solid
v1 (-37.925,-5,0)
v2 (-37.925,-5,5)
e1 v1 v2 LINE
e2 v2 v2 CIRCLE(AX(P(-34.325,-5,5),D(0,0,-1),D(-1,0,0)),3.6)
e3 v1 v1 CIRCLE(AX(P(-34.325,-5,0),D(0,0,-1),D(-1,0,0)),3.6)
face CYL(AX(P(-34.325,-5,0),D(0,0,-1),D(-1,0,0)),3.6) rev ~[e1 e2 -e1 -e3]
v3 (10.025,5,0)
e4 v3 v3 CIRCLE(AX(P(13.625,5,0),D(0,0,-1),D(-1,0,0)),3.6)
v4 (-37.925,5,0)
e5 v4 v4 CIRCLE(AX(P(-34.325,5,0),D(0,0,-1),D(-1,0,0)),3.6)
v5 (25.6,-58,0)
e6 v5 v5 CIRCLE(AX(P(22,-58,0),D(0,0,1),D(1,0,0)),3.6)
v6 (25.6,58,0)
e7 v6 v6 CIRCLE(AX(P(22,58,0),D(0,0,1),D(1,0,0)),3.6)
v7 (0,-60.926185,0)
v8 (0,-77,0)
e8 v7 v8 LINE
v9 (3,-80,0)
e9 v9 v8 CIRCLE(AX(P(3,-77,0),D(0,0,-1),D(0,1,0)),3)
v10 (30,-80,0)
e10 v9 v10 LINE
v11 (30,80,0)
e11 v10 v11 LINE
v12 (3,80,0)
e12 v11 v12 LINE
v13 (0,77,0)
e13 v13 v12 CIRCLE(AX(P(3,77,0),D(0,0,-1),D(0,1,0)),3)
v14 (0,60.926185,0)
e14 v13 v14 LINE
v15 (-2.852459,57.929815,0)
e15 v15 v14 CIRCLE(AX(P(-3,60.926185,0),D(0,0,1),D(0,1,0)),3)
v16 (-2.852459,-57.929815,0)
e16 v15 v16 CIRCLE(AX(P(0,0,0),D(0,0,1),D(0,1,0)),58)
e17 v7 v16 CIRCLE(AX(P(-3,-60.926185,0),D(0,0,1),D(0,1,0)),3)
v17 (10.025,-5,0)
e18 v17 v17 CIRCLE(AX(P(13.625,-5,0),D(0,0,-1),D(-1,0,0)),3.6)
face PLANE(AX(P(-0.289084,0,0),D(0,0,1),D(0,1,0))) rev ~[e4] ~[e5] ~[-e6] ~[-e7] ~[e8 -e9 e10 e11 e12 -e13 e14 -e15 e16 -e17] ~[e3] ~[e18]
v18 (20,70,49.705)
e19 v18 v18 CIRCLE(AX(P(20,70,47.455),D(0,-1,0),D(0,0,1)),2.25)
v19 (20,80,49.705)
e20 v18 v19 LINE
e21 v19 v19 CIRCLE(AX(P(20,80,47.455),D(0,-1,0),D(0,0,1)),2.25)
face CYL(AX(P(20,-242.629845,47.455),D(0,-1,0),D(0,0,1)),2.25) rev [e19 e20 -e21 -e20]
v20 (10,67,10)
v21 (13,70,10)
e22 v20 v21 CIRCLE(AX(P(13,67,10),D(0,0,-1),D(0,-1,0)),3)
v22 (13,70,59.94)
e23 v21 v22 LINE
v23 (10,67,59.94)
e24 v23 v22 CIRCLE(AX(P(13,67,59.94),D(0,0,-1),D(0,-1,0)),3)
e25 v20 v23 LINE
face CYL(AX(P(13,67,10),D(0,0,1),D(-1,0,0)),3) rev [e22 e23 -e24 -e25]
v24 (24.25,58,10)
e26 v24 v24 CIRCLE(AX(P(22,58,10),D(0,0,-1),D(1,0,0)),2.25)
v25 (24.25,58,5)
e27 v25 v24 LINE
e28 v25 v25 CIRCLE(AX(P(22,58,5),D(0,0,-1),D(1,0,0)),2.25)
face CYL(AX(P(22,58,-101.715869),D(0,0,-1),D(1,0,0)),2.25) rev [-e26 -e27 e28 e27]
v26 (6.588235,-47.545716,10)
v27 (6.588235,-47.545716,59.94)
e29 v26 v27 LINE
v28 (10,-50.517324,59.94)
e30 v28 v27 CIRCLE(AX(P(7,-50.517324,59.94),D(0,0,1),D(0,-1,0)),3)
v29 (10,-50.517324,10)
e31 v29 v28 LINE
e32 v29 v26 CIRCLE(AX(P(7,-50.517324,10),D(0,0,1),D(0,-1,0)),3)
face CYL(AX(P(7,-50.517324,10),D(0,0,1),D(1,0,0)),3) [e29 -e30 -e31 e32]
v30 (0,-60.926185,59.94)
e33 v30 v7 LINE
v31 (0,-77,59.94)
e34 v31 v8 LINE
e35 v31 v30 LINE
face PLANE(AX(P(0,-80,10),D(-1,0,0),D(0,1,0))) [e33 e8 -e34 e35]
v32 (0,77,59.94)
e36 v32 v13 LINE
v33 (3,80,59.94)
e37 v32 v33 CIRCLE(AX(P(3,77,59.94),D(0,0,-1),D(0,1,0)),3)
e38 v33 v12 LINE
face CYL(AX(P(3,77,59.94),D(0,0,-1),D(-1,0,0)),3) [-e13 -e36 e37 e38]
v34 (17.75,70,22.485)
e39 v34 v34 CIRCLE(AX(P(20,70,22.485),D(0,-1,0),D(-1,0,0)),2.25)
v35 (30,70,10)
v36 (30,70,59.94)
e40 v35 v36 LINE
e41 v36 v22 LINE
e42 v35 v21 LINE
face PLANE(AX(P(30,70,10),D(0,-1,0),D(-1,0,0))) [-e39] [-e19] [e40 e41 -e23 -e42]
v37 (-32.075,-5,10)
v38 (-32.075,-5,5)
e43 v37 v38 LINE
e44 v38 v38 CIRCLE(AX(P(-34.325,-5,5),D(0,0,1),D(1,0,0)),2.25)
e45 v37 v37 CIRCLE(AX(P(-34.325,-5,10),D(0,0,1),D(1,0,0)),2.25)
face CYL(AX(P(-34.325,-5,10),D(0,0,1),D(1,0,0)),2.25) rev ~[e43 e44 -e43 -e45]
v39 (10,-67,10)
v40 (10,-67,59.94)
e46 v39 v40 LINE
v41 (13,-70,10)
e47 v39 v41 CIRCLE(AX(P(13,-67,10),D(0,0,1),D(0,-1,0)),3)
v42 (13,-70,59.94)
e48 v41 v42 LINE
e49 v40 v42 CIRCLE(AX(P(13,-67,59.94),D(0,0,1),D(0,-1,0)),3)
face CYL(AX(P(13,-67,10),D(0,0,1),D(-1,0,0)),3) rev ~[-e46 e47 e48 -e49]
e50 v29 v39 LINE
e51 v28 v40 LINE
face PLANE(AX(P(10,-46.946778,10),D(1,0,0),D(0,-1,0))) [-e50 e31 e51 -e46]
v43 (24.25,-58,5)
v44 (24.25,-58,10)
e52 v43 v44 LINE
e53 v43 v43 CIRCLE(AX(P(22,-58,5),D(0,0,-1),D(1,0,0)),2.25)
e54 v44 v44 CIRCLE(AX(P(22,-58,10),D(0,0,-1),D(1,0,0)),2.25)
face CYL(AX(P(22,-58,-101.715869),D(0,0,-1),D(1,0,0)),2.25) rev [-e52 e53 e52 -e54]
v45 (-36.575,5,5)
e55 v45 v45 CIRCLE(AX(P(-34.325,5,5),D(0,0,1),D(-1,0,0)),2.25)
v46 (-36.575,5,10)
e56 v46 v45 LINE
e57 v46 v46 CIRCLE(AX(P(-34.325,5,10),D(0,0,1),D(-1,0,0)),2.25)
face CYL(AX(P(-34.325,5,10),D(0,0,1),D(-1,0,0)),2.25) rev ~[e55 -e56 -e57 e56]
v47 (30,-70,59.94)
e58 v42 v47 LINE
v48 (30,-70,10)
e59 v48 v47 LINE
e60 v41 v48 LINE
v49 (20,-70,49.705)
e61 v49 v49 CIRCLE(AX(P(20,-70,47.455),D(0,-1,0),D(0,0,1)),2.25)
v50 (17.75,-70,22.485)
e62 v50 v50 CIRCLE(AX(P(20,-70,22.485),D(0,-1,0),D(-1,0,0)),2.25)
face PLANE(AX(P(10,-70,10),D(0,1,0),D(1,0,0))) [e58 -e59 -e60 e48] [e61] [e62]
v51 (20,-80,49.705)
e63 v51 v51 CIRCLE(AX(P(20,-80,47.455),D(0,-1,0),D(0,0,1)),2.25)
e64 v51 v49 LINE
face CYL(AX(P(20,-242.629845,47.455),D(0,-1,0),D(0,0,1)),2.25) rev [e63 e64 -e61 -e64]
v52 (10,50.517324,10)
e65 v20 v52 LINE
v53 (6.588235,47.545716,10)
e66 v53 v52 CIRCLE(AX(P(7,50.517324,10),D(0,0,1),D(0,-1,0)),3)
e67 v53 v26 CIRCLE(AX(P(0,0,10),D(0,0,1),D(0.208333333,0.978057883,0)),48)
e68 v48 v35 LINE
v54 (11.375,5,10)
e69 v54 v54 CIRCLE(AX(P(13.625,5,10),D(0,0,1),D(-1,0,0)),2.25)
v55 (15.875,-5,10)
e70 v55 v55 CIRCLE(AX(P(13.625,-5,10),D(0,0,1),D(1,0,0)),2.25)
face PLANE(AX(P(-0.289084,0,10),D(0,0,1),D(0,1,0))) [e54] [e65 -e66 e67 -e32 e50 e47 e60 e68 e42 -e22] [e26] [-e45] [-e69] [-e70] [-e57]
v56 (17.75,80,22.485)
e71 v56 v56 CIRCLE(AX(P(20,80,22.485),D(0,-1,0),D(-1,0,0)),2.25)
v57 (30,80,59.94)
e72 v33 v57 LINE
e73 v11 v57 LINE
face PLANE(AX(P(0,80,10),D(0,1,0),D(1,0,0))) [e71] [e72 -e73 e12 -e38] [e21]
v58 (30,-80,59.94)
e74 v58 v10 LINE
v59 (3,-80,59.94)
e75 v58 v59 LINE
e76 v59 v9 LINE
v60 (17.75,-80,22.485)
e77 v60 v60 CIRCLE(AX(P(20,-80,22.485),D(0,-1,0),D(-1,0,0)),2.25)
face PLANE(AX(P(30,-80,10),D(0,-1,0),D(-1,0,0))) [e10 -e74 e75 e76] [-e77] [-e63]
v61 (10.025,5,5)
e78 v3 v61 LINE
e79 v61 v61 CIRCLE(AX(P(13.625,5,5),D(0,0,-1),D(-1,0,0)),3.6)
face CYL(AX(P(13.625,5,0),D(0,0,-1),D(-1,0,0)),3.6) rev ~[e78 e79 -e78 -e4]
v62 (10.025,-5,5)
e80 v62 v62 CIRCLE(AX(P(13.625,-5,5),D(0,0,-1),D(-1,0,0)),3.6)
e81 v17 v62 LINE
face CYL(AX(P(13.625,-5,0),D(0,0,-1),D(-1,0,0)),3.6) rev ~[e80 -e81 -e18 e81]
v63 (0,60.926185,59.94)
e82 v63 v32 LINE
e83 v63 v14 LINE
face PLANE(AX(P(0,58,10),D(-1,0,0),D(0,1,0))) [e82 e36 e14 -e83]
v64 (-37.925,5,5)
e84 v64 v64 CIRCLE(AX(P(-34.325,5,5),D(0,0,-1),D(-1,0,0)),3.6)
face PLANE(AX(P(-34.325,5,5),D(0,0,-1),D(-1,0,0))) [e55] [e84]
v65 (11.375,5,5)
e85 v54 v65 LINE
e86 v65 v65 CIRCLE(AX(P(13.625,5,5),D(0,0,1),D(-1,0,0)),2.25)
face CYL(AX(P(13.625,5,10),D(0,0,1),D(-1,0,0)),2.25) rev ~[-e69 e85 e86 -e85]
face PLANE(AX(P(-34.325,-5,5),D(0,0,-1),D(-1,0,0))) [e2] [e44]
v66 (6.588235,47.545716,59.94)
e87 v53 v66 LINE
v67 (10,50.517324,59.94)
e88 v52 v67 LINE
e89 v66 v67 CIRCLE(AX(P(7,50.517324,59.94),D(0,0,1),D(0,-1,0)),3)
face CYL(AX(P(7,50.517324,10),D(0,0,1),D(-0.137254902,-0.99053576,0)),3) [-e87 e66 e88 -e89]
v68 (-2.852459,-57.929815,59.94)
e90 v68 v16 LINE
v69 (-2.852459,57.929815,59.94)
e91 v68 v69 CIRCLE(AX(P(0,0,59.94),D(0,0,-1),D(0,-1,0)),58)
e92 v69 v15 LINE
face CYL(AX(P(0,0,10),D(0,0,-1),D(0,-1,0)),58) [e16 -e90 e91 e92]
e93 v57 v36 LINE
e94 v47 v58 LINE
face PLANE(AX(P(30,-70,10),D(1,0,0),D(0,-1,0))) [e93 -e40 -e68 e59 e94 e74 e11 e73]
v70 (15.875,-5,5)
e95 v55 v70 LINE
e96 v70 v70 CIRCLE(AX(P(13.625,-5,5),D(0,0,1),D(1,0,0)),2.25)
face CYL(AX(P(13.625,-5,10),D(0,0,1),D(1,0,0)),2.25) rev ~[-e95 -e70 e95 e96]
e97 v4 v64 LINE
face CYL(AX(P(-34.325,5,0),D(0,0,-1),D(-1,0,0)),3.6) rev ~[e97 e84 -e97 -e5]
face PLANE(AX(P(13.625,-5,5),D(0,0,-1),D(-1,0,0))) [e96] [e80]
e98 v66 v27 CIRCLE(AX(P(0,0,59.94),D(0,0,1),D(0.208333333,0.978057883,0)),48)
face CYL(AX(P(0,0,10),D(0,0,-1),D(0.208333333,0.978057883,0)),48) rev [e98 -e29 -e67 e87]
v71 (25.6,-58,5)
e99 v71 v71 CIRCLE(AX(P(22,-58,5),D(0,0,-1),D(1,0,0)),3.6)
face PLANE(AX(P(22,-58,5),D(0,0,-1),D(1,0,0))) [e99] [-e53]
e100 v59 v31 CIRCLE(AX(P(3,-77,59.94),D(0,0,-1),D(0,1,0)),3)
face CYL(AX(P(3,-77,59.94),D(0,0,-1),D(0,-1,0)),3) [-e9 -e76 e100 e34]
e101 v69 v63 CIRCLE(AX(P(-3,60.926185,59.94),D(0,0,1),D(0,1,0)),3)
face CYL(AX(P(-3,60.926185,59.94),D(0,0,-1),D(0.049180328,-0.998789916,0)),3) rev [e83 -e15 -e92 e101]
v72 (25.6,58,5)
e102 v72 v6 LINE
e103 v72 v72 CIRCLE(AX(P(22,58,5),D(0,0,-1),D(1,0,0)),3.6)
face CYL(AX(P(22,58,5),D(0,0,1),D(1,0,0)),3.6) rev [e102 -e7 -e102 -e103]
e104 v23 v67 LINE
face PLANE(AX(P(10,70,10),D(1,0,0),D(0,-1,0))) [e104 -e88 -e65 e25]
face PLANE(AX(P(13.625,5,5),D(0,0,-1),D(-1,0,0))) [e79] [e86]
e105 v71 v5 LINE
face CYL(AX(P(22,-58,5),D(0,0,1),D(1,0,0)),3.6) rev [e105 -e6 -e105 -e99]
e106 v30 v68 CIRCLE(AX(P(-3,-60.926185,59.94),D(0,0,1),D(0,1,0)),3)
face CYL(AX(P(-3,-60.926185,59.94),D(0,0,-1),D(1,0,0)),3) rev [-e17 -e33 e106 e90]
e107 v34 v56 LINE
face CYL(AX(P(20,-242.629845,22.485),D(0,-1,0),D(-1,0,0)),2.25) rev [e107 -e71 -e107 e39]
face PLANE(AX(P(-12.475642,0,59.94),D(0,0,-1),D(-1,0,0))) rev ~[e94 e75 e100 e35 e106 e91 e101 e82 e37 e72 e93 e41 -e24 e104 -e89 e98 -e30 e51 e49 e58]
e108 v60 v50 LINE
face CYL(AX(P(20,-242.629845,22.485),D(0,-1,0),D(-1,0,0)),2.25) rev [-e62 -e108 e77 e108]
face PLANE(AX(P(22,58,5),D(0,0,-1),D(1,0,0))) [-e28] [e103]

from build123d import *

# Parameters (mm, degrees)
BOSS_EXTRUDE2_DEPTH     = 10
SKETCH3_R               = 2.25
CUT_EXTRUDE2_DEPTH      = 100.317672143
SKETCH4_R               = 3.6
CUT_EXTRUDE3_DEPTH      = 5
BOSS_EXTRUDE4_DEPTH     = 49.94
CUT_EXTRUDE5_DEPTH      = 172.629844724
CUT_EXTRUDE5_DEPTH_BACK = 172.629844724
SKETCH7_R               = 2.25
CUT_EXTRUDE6_DEPTH      = 111.715868781
CUT_EXTRUDE6_DEPTH_BACK = 111.715868781
SKETCH8_R               = 2.25
FILLET1_R               = 3
CUT_EXTRUDE7_DEPTH      = 116.571638389
CUT_EXTRUDE7_DEPTH_BACK = 5
SKETCH9_R               = 3.6


with BuildPart() as part:
    # Sketch1 → Boss-Extrude2 (new body)
    with BuildSketch(Plane(origin=(0, 0, 0), x_dir=(0, 1, 0), z_dir=(0, 0, 1))):
        with BuildLine():
            Line((-58, 0), (-80, 0))
            Line((-80, 0), (-80, -30))
            Line((-80, -30), (80, -30))
            Line((80, -30), (80, 0))
            Line((80, 0), (58, 0))
            ThreePointArc((58, 0), (0, 58), (-58, 0))
        make_face()
    extrude(amount=BOSS_EXTRUDE2_DEPTH)

    # Sketch3 → Cut-Extrude2 (cut, through all)
    with BuildSketch(Plane.XY.offset(10)):
        with Locations((13.625, -5)):
            Circle(SKETCH3_R)
        with Locations((-34.325, -5)):
            Circle(SKETCH3_R)
        with Locations(Location((-34.325, 5, 0), (0, 0, 180))):
            Circle(SKETCH3_R)
        with Locations(Location((13.625, 5, 0), (0, 0, 180))):
            Circle(SKETCH3_R)
    extrude(amount=-CUT_EXTRUDE2_DEPTH, mode=Mode.SUBTRACT)

    # Sketch4 → Cut-Extrude3 (cut)
    with BuildSketch(Plane(origin=(0, 0, 0), x_dir=(1, 0, 0), z_dir=(0, 0, -1))):
        with Locations(Location((-34.325, -5, 0), (0, 0, 180))):
            Circle(SKETCH4_R)
        with Locations(Location((-34.325, 5, 0), (0, 0, 180))):
            Circle(SKETCH4_R)
        with Locations(Location((13.625, 5, 0), (0, 0, 180))):
            Circle(SKETCH4_R)
        with Locations(Location((13.625, -5, 0), (0, 0, 180))):
            Circle(SKETCH4_R)
    extrude(amount=-CUT_EXTRUDE3_DEPTH, mode=Mode.SUBTRACT)

    # Sketch5 → Boss-Extrude4 (add)
    with BuildSketch(Plane.XY.offset(10)):
        with BuildLine():
            Line((10, -46.946778377), (10, -70))
            Line((10, -70), (20, -70))
            Line((20, -70), (30, -70))
            Line((30, -70), (30, -80))
            Line((30, -80), (0, -80))
            Line((0, -80), (0, -58))
            ThreePointArc((0, -58), (-58, 0), (0, 58))
            Line((0, 58), (0, 80))
            Line((0, 80), (30, 80))
            Line((30, 80), (30, 70))
            Line((30, 70), (20, 70))
            Line((20, 70), (10, 70))
            Line((10, 70), (10, 46.946778377))
            ThreePointArc((10, 46.946778377), (-48, 0), (10, -46.946778377))
        make_face()
    extrude(amount=BOSS_EXTRUDE4_DEPTH)

    # Sketch7 → Cut-Extrude5 (cut, two sides: drawn at the far end of the back side and taken through both)
    with BuildSketch(Plane(origin=(0, -70, 0), x_dir=(-1, 0, 0), z_dir=(0, 1, 0)).offset(-CUT_EXTRUDE5_DEPTH_BACK)):
        with Locations(Location((-20, 47.455, 0), (0, 0, 90))):
            Circle(SKETCH7_R)
        with Locations((-20, 22.485)):
            Circle(SKETCH7_R)
    extrude(amount=CUT_EXTRUDE5_DEPTH + CUT_EXTRUDE5_DEPTH_BACK, mode=Mode.SUBTRACT)

    # Sketch8 → Cut-Extrude6 (cut, two sides: drawn at the far end of the back side and taken through both)
    with BuildSketch(Plane.XY.offset(10).offset(-CUT_EXTRUDE6_DEPTH_BACK)):
        with Locations((22, -58)):
            Circle(SKETCH8_R)
        with Locations((22, 58)):
            Circle(SKETCH8_R)
    extrude(amount=CUT_EXTRUDE6_DEPTH + CUT_EXTRUDE6_DEPTH_BACK, mode=Mode.SUBTRACT)

    # Fillet1
    fillet1_edges = [part.edges().sort_by_distance(p)[0] for p in [
        (0, 80, 29.97),
        (0, -80, 29.97),
        (0, -58, 29.97),
        (0, 58, 29.97),
        (10, -70, 34.97),
        (10, -46.946778377, 34.97),
        (10, 46.946778377, 34.97),
        (10, 70, 34.97),
    ]]
    fillet(fillet1_edges, radius=FILLET1_R)

    # Sketch9 → Cut-Extrude7 (cut, two sides: drawn at the far end of the back side and taken through both)
    with BuildSketch(Plane(origin=(0, 0, 0), x_dir=(1, 0, 0), z_dir=(0, 0, -1)).offset(-CUT_EXTRUDE7_DEPTH_BACK)):
        with Locations((22, 58)):
            Circle(SKETCH9_R)
        with Locations((22, -58)):
            Circle(SKETCH9_R)
    extrude(amount=CUT_EXTRUDE7_DEPTH + CUT_EXTRUDE7_DEPTH_BACK, mode=Mode.SUBTRACT)


solid = part.part
